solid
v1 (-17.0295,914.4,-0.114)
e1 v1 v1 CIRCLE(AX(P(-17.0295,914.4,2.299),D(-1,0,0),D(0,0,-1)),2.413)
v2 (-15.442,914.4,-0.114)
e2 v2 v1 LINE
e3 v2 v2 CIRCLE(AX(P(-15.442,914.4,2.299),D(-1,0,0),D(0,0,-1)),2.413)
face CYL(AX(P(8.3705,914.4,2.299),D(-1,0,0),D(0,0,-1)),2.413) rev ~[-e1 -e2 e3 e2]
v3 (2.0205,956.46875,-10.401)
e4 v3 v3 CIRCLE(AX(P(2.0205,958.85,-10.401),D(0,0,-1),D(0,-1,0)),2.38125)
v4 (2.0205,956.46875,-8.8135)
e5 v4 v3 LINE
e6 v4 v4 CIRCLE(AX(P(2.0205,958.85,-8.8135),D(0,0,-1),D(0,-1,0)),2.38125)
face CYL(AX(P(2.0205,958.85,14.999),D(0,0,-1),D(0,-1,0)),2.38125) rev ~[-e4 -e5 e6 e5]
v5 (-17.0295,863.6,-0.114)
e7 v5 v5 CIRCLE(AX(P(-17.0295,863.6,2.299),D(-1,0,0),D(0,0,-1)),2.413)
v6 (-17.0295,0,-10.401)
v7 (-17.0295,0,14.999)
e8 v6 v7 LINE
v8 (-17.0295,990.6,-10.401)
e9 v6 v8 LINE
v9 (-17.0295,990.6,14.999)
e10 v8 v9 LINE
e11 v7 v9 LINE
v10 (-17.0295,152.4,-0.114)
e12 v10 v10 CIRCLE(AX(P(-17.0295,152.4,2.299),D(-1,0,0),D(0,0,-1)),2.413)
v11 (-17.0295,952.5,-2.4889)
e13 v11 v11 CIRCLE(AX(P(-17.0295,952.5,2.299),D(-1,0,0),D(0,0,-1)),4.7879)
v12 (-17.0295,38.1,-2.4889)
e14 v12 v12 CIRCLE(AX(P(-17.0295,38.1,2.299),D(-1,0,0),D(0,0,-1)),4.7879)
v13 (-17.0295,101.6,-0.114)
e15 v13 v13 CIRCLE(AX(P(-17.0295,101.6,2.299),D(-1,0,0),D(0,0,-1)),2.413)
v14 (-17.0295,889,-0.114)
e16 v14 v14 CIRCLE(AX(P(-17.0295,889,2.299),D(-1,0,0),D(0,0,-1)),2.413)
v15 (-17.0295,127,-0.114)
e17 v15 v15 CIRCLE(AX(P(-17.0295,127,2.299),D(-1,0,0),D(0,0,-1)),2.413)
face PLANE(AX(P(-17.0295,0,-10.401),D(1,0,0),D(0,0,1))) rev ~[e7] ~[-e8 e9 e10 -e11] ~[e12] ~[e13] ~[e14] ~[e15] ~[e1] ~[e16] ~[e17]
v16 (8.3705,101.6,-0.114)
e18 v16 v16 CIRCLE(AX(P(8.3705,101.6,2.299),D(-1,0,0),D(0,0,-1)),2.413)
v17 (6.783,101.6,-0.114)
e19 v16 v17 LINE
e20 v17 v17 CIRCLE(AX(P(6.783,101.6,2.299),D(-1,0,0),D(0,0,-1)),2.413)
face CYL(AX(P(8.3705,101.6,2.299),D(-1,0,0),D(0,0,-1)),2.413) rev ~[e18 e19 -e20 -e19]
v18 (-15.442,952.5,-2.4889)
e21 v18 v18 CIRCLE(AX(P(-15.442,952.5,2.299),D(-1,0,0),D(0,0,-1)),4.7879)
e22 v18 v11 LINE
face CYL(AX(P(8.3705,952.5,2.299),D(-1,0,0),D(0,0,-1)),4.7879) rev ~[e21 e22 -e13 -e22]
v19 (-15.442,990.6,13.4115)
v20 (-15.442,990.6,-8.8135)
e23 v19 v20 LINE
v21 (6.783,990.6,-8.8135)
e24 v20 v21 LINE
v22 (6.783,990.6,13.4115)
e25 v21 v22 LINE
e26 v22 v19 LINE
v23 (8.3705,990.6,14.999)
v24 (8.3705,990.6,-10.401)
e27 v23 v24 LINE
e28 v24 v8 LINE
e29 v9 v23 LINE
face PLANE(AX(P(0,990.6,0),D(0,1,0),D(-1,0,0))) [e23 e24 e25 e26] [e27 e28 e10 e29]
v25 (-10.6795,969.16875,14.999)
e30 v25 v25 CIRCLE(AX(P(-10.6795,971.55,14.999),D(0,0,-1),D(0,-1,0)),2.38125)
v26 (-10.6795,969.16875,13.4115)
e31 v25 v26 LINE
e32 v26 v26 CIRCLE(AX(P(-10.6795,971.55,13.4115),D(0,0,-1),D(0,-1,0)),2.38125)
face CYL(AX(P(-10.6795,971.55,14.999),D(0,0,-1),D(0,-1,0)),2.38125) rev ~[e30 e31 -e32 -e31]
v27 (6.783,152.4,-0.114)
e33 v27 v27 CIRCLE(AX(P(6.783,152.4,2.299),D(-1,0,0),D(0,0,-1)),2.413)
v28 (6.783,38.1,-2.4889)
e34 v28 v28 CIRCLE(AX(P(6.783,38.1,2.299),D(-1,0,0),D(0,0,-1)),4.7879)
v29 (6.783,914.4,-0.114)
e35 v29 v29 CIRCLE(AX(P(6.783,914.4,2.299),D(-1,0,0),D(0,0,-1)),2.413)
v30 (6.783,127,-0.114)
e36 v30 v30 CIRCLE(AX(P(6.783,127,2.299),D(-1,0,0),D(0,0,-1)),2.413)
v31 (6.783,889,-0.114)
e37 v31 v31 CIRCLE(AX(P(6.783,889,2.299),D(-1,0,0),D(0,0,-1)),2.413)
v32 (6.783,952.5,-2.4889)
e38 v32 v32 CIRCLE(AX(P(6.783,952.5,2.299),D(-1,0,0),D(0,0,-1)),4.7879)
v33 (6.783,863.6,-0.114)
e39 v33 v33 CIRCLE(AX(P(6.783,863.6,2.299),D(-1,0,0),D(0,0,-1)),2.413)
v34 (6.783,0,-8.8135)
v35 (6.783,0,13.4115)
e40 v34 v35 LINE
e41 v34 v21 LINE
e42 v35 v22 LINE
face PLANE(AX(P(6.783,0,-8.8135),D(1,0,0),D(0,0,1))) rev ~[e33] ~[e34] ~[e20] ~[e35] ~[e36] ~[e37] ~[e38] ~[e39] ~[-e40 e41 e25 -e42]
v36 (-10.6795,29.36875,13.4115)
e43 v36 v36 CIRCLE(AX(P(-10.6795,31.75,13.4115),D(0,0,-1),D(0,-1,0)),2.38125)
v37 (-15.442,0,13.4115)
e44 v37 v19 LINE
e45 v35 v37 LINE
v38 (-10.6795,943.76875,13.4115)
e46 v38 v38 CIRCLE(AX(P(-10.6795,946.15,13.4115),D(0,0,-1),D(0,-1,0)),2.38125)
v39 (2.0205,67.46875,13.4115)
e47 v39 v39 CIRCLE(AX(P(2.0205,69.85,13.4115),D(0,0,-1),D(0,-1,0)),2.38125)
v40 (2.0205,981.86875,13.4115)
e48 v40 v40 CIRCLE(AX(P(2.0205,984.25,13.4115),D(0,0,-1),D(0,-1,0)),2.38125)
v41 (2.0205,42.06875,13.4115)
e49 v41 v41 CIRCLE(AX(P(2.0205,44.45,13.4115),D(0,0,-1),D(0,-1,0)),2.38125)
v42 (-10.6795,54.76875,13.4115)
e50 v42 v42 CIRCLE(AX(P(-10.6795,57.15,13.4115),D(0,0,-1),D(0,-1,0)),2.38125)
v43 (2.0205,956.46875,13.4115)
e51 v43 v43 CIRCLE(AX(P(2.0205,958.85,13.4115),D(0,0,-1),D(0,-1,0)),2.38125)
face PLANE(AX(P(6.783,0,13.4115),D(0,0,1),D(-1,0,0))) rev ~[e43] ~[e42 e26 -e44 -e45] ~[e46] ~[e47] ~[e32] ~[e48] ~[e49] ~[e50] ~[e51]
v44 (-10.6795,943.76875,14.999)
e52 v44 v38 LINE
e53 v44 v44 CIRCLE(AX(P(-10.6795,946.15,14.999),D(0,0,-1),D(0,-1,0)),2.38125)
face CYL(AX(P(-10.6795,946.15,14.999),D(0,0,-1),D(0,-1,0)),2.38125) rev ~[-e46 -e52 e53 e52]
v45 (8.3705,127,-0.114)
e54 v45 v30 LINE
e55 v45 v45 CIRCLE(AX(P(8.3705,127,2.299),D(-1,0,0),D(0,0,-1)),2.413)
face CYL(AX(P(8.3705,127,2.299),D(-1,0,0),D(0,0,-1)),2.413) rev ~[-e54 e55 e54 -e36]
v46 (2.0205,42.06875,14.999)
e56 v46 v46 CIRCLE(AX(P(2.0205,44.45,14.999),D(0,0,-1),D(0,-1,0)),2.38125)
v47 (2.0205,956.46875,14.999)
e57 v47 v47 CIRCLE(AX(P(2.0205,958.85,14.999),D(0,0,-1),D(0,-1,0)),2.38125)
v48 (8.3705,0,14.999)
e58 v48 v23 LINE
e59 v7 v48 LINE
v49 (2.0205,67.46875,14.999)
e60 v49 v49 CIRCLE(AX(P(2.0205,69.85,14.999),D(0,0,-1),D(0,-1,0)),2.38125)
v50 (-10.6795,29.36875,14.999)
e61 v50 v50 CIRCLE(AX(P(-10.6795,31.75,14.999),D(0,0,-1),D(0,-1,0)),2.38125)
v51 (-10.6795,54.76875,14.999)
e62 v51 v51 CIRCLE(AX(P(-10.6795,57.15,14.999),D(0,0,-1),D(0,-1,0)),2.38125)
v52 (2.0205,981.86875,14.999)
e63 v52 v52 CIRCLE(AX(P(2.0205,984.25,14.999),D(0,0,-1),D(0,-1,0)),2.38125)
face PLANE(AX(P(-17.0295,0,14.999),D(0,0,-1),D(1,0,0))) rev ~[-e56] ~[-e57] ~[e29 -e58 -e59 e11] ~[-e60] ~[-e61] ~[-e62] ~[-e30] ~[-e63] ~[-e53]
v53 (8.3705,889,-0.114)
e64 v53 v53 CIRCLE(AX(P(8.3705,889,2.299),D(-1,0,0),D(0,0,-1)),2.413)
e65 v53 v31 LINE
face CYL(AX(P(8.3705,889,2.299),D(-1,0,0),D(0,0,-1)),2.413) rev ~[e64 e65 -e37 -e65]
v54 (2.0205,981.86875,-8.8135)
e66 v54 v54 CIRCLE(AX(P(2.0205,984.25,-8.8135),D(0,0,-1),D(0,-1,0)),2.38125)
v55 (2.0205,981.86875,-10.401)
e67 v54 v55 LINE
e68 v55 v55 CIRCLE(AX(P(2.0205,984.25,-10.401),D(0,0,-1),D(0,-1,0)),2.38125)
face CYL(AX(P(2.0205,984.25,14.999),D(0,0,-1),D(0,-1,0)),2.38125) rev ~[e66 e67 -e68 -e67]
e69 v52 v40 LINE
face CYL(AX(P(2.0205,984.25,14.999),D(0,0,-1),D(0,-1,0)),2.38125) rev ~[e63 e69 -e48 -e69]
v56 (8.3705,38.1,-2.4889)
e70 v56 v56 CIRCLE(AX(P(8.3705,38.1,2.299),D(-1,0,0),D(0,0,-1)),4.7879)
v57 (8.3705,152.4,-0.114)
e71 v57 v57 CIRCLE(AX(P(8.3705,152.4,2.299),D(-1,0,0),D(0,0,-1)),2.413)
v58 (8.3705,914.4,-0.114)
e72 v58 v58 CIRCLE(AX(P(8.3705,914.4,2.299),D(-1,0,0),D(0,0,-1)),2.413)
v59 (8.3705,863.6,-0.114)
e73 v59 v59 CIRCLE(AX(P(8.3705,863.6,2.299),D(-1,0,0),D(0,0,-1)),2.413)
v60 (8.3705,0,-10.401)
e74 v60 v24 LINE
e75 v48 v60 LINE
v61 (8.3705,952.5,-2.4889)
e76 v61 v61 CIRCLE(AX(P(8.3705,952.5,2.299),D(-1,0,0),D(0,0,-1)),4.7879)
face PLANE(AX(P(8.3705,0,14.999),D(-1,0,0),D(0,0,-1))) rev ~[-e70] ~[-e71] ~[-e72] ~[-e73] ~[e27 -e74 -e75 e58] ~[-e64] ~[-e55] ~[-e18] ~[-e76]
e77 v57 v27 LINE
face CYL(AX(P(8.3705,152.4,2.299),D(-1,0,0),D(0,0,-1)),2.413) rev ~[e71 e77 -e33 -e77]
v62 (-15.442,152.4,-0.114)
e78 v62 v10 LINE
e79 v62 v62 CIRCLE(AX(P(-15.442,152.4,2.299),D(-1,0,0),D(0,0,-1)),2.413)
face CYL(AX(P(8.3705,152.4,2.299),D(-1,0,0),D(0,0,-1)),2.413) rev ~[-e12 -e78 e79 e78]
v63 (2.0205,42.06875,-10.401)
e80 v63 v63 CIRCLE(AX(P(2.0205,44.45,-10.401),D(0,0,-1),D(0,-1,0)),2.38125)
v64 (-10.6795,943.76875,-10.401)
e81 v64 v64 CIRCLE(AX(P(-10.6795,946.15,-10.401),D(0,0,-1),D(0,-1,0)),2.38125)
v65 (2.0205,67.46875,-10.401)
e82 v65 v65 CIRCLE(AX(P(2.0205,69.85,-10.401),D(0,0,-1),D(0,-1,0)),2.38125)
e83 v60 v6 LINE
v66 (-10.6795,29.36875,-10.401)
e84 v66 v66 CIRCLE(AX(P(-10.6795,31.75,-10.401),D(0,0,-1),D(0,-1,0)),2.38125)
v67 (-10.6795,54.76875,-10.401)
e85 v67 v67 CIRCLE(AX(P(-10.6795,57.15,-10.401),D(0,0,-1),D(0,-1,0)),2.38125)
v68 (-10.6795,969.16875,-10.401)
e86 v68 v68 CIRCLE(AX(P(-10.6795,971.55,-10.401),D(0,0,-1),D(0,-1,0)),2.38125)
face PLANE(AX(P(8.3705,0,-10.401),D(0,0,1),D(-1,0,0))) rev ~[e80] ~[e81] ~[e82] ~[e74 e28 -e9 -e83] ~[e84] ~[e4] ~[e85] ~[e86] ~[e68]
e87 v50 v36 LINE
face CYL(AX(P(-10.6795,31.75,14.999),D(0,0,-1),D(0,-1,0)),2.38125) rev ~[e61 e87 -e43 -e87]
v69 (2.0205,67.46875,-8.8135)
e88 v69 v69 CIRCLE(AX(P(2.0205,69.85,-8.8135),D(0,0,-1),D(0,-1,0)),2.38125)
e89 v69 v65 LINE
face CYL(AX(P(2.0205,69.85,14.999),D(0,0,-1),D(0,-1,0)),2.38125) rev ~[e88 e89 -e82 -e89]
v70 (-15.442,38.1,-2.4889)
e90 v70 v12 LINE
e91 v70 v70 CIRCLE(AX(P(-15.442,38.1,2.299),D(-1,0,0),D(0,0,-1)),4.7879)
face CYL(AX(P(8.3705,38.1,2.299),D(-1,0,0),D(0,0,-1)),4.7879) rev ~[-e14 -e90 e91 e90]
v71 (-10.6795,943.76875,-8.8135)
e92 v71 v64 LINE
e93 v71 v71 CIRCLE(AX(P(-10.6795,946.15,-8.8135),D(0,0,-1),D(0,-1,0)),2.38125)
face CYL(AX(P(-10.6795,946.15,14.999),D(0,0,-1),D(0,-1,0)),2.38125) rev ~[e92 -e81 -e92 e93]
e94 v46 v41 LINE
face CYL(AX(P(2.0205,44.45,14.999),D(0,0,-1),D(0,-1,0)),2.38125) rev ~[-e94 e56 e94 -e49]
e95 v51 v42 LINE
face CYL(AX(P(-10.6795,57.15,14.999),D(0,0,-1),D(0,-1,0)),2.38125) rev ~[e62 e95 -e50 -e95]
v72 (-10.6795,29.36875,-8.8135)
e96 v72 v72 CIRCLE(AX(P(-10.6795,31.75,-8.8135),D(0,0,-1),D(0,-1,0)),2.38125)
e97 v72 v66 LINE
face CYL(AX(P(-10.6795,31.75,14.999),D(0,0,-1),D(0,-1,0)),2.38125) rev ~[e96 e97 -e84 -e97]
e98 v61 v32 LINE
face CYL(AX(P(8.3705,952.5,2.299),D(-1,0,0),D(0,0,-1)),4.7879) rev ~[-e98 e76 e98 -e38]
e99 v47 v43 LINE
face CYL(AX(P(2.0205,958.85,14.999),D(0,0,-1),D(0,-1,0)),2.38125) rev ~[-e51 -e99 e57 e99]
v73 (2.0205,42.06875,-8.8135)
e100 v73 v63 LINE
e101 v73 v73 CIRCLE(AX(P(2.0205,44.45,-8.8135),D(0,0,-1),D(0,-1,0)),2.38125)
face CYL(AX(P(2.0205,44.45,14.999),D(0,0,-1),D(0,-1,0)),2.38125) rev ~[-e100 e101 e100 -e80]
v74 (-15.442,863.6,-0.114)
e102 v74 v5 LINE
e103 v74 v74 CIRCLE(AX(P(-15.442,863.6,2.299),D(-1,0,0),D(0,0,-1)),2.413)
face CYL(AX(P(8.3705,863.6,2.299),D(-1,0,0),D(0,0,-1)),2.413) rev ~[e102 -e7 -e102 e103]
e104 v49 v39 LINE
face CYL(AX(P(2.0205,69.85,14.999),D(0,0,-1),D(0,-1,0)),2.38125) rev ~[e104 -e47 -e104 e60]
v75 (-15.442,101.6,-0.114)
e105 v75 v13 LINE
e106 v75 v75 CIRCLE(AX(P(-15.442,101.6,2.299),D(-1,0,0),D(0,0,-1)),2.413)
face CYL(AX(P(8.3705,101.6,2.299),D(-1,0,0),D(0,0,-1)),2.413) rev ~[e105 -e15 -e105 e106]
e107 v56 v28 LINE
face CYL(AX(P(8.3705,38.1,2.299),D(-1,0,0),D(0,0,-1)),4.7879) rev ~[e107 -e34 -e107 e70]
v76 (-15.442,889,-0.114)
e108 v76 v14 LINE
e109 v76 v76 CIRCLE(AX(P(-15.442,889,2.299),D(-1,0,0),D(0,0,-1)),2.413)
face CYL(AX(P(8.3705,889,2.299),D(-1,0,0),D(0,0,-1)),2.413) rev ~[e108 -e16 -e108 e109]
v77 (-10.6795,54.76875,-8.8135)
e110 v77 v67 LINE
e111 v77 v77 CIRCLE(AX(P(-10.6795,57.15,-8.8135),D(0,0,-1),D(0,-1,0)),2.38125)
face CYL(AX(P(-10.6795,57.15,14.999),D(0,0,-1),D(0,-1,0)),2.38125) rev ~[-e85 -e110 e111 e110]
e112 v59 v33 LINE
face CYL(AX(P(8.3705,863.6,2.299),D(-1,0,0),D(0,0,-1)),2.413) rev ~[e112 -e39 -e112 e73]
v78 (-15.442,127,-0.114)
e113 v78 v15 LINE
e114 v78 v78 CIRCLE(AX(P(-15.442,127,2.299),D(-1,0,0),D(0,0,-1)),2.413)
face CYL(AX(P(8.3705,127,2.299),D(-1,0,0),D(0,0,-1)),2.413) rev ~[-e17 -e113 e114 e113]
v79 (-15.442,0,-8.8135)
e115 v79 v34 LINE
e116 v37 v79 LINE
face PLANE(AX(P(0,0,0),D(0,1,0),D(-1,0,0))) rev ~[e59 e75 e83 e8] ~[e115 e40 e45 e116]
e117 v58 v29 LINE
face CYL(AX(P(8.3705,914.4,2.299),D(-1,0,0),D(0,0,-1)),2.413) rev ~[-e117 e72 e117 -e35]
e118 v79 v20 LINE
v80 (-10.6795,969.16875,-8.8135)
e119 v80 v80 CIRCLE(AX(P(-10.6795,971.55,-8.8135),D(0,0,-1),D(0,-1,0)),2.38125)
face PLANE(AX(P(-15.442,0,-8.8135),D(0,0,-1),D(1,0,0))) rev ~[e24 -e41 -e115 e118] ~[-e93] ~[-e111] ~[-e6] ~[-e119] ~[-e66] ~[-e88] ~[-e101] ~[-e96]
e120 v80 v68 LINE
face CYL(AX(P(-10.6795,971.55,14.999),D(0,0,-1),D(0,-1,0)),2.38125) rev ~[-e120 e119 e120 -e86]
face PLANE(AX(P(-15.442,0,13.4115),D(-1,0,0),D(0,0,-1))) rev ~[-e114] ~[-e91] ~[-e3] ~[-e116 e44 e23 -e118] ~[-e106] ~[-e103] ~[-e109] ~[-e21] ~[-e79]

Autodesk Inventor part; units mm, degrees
ref_plane "YZ Plane" through (0, 0, 0) normal (1, 0, 0) x (0, 1, 0)
ref_plane "XZ Plane" through (0, 0, 0) normal (0, 1, 0) x (-1, 0, 0)
ref_plane "XY Plane" through (0, 0, 0) normal (0, 0, 1) x (1, 0, 0)
sketch "Sketch1" plane through (0, 0, 0) normal (0, 1, 0) x (-1, 0, 0)
  line L0 (17.0295, 14.999) -> (-8.3705, 14.999)
  line L1 (-8.3705, 14.999) -> (-8.3705, -10.401)
  line L2 (-8.3705, -10.401) -> (17.0295, -10.401)
  line L3 (17.0295, -10.401) -> (17.0295, 14.999)
  line L4 (15.442, -8.8135) -> (-6.783, -8.8135)
  line L5 (-6.783, -8.8135) -> (-6.783, 13.4115)
  line L6 (-6.783, 13.4115) -> (15.442, 13.4115)
  line L7 (15.442, 13.4115) -> (15.442, -8.8135)
  point P0 (0, 0)
  dimension "d0" = 25.4
  dimension "d1" = 25.4
  dimension "d4" = 1.5875
  dimension "d5" = 1.5875
  dimension "d6" = 1.5875
  dimension "d7" = 1.5875
extrude "Extrusion2" add sketch "Sketch1" along normal blind 990.6
sketch "Sketch5" plane through (8.3705, 0, 14.999) normal (1, 0, 0) x (0, 0, -1)
  line L0 (0, 0) -> (0, 990.6) projected
  line L1 (0, 0) -> (25.4, 0) projected
  point P0 (14.999, 0)
  point P1 (12.7, 38.1)
  dimension "d37" = 12.7
  dimension "d38" = 38.1
hole "Hole4" at (8.3705, 38.1, 2.299) direction (-1, 0, 0) diameter 9.5758 depth 25.4 tip angle 118
sketch "Sketch6" plane through (8.3705, 0, 14.999) normal (1, 0, 0) x (0, 0, -1)
  line L0 (25.4, 0) -> (25.4, 990.6) projected
  line L1 (0, 990.6) -> (25.4, 990.6) projected
  point P0 (14.999, 0)
  point P1 (12.7, 952.5)
  dimension "d46" = 12.7
  dimension "d47" = 38.1
hole "Hole5" at (8.3705, 952.5, 2.299) direction (-1, 0, 0) diameter 9.5758 depth 25.4 tip angle 118
sketch "Sketch7" plane through (8.3705, 0, 14.999) normal (1, 0, 0) x (0, 0, -1)
  line L0 (0, 0) -> (0, 990.6) projected
  line L1 (0, 0) -> (25.4, 0) projected
  point P0 (14.999, 0)
  point P1 (12.7, 101.6)
  point P2 (12.7, 127)
  point P3 (12.7, 152.4)
  dimension "d55" = 12.7
  dimension "d56" = 0
  dimension "d57" = 0
  dimension "d58" = 101.6
  dimension "d59" = 25.4
  dimension "d60" = 25.4
hole "Hole6" at (8.3705, 101.6, 2.299) at (8.3705, 127, 2.299) at (8.3705, 152.4, 2.299) direction (-1, 0, 0) diameter 4.826 depth 25.4 tip angle 118
sketch "Sketch8" plane through (8.3705, 0, 14.999) normal (1, 0, 0) x (0, 0, -1)
  line L0 (0, 990.6) -> (25.4, 990.6) projected
  line L1 (0, 0) -> (0, 990.6) projected
  point P0 (14.999, 0)
  point P1 (12.7, 914.4)
  point P2 (12.7, 889)
  point P3 (12.7, 863.6)
  dimension "d68" = 76.2
  dimension "d69" = 25.4
  dimension "d70" = 25.4
  dimension "d71" = 12.7
  dimension "d72" = 0
  dimension "d73" = 0
hole "Hole7" at (8.3705, 914.4, 2.299) at (8.3705, 889, 2.299) at (8.3705, 863.6, 2.299) direction (-1, 0, 0) diameter 4.826 depth 25.4 tip angle 118
sketch "Sketch9" plane through (-17.0295, 0, 14.999) normal (0, 0, 1) x (1, 0, 0)
  line L0 (25.4, 0) -> (25.4, 990.6) projected
  line L1 (0, 0) -> (0, 990.6) projected
  line L2 (0, 990.6) -> (25.4, 990.6) projected
  point P0 (17.0295, 0)
  point P1 (6.35, 971.55)
  point P2 (19.05, 984.25)
  point P3 (6.35, 946.15)
  point P4 (19.05, 958.85)
  dimension "d81" = 6.35
  dimension "d82" = 6.35
  dimension "d83" = 6.35
  dimension "d84" = 6.35
  dimension "d85" = 25.4
  dimension "d86" = 25.4
  dimension "d87" = 6.35
  dimension "d88" = 19.05
hole "Hole8" at (-10.6795, 971.55, 14.999) at (2.0205, 984.25, 14.999) at (-10.6795, 946.15, 14.999) at (2.0205, 958.85, 14.999) direction (0, 0, -1) diameter 4.7625 depth 25.4 tip angle 118
sketch "Sketch10" plane through (-17.0295, 0, 14.999) normal (0, 0, 1) x (1, 0, 0)
  line L0 (25.4, 0) -> (25.4, 990.6) projected
  line L1 (0, 0) -> (25.4, 0) projected
  line L2 (0, 0) -> (0, 990.6) projected
  point P0 (17.0295, 0)
  point P1 (19.05, 44.45)
  point P2 (19.05, 69.85)
  point P3 (6.35, 31.75)
  point P4 (6.35, 57.15)
  dimension "d96" = 6.35
  dimension "d97" = 6.35
  dimension "d98" = 25.4
  dimension "d99" = 44.45
  dimension "d100" = 6.35
  dimension "d101" = 31.75
  dimension "d102" = 6.35
  dimension "d103" = 25.4
hole "Hole9" at (2.0205, 44.45, 14.999) at (2.0205, 69.85, 14.999) at (-10.6795, 31.75, 14.999) at (-10.6795, 57.15, 14.999) direction (0, 0, -1) diameter 4.7625 depth 25.4 tip angle 118
equation "\"d0\" = ElvBeamWidth"
equation "\"d1\" = ElvBeamWidth"
equation "\"d4\" = ElvWallWidth"
equation "\"d5\" = ElvWallWidth"
equation "\"d6\" = ElvWallWidth"
equation "\"d7\" = ElvWallWidth"
equation "\"d8\" = ElvFixedBeamLength"
equation "\"d38\" = ElvHoleFromBottom"
equation "\"d47\" = ElvHoleFromMid"
equation "\"ElvMiddleBeamLength\" = 990.6"
equation "\"ElvWallWidth\" = 1.5875"
equation "\"ElvFrontBeamLength\" = 990.6"
equation "\"ElvEndEffectLength\" = 431.8"
equation "\"ElvCrossBeamLength\" = 304.8"
equation "\"ElvBeamWidth\" = 25.4"
equation "\"ElvFrontBeamLength_1\" = 1066.8"
equation "\"ElvFixedBeamLength\" = 990.6"
equation "\"ElvDelDepth\" = 6.35"
equation "\"ElvDelWidth\" = 18.542"
equation "\"ElvDelFrontTabLength\" = 6.35"
equation "\"ElvDelHeight\" = 101.6"
equation "\"ElvTopBeamLength\" = 457.2"
equation "\"ElvHoleFromBottom\" = 38.1"
equation "\"ElvHoleFromFixed\" = 50.8"
equation "\"ElvHoleFromMid\" = 38.1"
equation "\"ElvHoleFromFront\" = 25.4"
equation "\"ElvRivetPlateLength\" = 76.2"
equation "\"ElvDelMiddleTabLength\" = 6.35"
properties part number "ElvMiddleBeam"
